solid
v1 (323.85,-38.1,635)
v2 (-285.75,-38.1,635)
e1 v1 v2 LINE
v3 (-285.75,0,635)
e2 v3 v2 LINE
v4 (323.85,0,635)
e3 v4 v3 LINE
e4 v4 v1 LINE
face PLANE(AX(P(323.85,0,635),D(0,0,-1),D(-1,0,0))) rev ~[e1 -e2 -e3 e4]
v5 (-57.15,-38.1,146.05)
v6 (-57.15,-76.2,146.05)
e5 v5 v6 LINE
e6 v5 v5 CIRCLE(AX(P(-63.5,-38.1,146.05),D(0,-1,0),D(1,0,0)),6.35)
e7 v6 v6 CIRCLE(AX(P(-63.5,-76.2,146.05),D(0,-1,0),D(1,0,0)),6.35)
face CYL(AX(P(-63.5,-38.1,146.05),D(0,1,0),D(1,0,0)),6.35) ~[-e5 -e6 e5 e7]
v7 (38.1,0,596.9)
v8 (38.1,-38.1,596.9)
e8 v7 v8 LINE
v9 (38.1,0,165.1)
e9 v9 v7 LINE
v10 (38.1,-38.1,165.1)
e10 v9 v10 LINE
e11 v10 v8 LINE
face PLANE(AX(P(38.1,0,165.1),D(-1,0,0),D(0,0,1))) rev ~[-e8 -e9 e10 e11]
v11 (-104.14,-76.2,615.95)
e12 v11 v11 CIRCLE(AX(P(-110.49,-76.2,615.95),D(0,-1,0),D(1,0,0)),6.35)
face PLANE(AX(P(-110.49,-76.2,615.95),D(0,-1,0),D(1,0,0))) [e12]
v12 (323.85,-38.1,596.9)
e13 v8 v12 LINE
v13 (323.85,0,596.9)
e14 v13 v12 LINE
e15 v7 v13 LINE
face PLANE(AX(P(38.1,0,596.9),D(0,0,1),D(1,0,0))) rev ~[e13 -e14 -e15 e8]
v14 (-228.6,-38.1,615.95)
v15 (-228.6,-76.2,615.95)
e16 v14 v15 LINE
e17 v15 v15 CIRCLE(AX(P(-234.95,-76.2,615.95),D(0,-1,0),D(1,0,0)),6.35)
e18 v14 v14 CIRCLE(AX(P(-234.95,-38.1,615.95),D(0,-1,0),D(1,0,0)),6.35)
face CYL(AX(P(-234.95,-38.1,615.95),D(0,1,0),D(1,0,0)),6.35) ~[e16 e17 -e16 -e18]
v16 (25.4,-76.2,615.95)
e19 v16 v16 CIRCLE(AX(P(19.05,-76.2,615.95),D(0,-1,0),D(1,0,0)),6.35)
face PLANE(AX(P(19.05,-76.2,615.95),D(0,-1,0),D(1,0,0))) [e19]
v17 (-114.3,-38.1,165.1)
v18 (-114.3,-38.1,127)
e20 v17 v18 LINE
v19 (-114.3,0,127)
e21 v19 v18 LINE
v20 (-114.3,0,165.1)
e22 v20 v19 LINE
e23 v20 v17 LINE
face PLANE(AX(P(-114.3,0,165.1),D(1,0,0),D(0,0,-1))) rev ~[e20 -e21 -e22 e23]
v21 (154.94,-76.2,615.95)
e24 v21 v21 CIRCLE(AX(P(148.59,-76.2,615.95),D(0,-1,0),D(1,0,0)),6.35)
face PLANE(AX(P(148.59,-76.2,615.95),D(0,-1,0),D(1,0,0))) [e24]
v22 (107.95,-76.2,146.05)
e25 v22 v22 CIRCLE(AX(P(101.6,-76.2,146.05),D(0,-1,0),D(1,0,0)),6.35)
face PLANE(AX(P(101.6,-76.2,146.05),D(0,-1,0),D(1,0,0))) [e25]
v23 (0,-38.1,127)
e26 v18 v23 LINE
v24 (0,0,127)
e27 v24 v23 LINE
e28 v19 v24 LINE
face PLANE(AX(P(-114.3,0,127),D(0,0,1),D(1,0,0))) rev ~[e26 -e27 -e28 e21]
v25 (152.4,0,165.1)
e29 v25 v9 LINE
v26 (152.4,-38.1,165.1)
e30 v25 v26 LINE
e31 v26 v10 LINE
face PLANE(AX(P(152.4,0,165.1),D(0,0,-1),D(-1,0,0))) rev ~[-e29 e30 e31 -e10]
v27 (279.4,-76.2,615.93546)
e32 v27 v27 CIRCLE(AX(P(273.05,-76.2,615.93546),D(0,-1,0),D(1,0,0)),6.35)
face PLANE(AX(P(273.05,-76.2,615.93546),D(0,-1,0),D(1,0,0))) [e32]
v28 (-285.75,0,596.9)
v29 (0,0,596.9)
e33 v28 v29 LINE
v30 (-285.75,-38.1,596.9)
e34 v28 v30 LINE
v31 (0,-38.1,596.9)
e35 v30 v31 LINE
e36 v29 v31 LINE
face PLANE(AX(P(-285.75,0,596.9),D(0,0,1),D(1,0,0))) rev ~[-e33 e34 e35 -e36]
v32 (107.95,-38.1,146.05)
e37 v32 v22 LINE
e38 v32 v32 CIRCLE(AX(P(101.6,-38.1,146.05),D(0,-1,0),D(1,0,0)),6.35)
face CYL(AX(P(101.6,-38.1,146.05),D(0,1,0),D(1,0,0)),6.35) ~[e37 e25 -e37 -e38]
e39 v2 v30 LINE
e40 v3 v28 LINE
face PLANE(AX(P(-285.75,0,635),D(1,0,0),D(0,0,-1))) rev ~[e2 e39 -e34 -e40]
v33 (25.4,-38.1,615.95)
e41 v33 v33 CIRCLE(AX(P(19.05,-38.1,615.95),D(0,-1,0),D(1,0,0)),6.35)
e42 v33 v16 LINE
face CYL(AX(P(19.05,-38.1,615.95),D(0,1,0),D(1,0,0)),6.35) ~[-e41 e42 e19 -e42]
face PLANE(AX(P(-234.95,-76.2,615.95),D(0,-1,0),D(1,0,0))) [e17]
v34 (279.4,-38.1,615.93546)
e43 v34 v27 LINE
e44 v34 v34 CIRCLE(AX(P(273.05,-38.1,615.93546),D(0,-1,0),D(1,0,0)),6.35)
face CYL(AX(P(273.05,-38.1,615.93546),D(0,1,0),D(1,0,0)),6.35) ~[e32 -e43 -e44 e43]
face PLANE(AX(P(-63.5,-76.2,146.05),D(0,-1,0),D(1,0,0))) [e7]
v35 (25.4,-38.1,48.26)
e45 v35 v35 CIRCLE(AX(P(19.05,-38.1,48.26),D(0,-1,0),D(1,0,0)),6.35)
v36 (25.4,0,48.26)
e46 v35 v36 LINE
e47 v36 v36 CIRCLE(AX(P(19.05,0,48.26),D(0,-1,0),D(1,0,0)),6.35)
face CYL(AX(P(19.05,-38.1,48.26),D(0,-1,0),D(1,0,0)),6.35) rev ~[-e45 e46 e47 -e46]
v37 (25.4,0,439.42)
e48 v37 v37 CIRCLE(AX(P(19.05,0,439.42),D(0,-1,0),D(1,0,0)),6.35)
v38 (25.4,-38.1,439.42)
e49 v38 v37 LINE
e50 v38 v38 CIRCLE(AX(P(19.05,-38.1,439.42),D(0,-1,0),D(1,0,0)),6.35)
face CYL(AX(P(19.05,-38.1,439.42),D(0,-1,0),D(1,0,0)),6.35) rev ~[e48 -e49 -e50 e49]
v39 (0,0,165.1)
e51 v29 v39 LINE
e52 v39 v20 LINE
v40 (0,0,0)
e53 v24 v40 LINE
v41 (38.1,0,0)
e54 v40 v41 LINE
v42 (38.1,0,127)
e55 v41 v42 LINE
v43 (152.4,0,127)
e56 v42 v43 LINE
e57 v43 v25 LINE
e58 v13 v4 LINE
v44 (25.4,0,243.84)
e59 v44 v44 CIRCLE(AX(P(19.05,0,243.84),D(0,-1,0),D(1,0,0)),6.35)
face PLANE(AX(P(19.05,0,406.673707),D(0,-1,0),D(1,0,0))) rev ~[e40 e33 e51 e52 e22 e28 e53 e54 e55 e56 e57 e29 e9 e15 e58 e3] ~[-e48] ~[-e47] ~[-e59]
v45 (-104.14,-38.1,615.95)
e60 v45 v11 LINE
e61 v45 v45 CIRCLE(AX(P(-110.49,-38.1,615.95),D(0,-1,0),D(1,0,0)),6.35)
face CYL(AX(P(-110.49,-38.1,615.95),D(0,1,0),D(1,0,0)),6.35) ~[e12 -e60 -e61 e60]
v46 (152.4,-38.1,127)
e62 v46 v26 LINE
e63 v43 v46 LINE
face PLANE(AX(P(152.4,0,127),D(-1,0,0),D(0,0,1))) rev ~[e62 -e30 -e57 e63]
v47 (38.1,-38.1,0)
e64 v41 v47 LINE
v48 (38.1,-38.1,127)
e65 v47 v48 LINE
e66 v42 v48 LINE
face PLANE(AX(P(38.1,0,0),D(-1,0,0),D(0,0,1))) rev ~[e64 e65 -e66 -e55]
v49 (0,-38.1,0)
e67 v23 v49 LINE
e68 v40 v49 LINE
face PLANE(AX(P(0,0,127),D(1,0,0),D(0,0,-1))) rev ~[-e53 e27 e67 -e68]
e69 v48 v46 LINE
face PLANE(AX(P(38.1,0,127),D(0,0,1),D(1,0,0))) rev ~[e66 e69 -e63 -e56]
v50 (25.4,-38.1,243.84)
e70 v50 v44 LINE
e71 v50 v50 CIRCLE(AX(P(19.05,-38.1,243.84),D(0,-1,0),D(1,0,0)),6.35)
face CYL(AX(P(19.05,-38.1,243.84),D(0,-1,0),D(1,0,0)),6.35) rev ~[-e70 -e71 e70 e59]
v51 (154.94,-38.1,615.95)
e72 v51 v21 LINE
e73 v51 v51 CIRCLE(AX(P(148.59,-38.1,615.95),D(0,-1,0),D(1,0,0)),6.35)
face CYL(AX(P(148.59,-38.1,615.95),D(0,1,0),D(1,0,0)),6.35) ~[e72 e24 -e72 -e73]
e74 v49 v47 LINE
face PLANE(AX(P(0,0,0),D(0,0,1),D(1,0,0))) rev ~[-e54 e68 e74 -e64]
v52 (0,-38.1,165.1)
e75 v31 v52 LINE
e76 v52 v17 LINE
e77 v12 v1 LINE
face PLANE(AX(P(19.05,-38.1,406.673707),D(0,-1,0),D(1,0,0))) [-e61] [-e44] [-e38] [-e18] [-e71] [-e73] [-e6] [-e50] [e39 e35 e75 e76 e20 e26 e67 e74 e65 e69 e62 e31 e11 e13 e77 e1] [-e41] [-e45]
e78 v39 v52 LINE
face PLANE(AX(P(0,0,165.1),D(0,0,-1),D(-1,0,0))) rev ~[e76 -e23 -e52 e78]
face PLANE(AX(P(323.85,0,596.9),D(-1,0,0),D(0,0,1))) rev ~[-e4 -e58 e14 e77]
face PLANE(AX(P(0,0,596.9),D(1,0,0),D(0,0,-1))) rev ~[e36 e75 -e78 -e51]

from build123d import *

# Parameters (mm, degrees)
F1_DEPTH = 38.1
F2_DEPTH = 38.1
F3_R     = 6.35
F4_DEPTH = 38.1
F5_R     = 6.35
F6_DEPTH = 38.1


with BuildPart() as f1:
    # F0 (on Front) → F1 (new body)
    with BuildSketch(Plane.XZ):
        Polygon((323.85, 635), (-285.75, 635), (-285.75, 596.9), (0, 596.9), (0, 165.1), (-114.3, 165.1), (-114.3, 127), (0, 127), (0, 0), (38.1, 0), (38.1, 127), (152.4, 127), (152.4, 165.1), (38.1, 165.1), (38.1, 596.9), (323.85, 596.9), align=None)
    extrude(amount=F1_DEPTH)

    # F0 (on Front) → F2 (join)
    with BuildSketch(Plane.XZ):
        Polygon((323.85, 635), (-285.75, 635), (-285.75, 596.9), (0, 596.9), (0, 165.1), (-114.3, 165.1), (-114.3, 127), (0, 127), (0, 0), (38.1, 0), (38.1, 127), (152.4, 127), (152.4, 165.1), (38.1, 165.1), (38.1, 596.9), (323.85, 596.9), align=None)
    extrude(amount=F2_DEPTH)

    # F3 (on face) → F4 (join)
    with BuildSketch(Plane.XZ.offset(38.1)):
        with Locations((-234.95, 615.95)):
            Circle(F3_R)
        with Locations((-110.49, 615.95)):
            Circle(F3_R)
        with Locations((19.05, 615.95)):
            Circle(F3_R)
        with Locations((148.59, 615.95)):
            Circle(F3_R)
        with Locations((273.05, 615.93546)):
            Circle(F3_R)
        with Locations((-63.5, 146.05)):
            Circle(F3_R)
        with Locations((101.6, 146.05)):
            Circle(F3_R)
    extrude(amount=F4_DEPTH)

    # F5 (on face) → F6 (cut)
    with BuildSketch(Plane.XZ.offset(38.1)):
        with Locations((19.05, 439.42)):
            Circle(F5_R)
        with Locations((19.05, 243.84)):
            Circle(F5_R)
        with Locations((19.05, 48.26)):
            Circle(F5_R)
    extrude(amount=-F6_DEPTH, mode=Mode.SUBTRACT)


solid = f1.part
